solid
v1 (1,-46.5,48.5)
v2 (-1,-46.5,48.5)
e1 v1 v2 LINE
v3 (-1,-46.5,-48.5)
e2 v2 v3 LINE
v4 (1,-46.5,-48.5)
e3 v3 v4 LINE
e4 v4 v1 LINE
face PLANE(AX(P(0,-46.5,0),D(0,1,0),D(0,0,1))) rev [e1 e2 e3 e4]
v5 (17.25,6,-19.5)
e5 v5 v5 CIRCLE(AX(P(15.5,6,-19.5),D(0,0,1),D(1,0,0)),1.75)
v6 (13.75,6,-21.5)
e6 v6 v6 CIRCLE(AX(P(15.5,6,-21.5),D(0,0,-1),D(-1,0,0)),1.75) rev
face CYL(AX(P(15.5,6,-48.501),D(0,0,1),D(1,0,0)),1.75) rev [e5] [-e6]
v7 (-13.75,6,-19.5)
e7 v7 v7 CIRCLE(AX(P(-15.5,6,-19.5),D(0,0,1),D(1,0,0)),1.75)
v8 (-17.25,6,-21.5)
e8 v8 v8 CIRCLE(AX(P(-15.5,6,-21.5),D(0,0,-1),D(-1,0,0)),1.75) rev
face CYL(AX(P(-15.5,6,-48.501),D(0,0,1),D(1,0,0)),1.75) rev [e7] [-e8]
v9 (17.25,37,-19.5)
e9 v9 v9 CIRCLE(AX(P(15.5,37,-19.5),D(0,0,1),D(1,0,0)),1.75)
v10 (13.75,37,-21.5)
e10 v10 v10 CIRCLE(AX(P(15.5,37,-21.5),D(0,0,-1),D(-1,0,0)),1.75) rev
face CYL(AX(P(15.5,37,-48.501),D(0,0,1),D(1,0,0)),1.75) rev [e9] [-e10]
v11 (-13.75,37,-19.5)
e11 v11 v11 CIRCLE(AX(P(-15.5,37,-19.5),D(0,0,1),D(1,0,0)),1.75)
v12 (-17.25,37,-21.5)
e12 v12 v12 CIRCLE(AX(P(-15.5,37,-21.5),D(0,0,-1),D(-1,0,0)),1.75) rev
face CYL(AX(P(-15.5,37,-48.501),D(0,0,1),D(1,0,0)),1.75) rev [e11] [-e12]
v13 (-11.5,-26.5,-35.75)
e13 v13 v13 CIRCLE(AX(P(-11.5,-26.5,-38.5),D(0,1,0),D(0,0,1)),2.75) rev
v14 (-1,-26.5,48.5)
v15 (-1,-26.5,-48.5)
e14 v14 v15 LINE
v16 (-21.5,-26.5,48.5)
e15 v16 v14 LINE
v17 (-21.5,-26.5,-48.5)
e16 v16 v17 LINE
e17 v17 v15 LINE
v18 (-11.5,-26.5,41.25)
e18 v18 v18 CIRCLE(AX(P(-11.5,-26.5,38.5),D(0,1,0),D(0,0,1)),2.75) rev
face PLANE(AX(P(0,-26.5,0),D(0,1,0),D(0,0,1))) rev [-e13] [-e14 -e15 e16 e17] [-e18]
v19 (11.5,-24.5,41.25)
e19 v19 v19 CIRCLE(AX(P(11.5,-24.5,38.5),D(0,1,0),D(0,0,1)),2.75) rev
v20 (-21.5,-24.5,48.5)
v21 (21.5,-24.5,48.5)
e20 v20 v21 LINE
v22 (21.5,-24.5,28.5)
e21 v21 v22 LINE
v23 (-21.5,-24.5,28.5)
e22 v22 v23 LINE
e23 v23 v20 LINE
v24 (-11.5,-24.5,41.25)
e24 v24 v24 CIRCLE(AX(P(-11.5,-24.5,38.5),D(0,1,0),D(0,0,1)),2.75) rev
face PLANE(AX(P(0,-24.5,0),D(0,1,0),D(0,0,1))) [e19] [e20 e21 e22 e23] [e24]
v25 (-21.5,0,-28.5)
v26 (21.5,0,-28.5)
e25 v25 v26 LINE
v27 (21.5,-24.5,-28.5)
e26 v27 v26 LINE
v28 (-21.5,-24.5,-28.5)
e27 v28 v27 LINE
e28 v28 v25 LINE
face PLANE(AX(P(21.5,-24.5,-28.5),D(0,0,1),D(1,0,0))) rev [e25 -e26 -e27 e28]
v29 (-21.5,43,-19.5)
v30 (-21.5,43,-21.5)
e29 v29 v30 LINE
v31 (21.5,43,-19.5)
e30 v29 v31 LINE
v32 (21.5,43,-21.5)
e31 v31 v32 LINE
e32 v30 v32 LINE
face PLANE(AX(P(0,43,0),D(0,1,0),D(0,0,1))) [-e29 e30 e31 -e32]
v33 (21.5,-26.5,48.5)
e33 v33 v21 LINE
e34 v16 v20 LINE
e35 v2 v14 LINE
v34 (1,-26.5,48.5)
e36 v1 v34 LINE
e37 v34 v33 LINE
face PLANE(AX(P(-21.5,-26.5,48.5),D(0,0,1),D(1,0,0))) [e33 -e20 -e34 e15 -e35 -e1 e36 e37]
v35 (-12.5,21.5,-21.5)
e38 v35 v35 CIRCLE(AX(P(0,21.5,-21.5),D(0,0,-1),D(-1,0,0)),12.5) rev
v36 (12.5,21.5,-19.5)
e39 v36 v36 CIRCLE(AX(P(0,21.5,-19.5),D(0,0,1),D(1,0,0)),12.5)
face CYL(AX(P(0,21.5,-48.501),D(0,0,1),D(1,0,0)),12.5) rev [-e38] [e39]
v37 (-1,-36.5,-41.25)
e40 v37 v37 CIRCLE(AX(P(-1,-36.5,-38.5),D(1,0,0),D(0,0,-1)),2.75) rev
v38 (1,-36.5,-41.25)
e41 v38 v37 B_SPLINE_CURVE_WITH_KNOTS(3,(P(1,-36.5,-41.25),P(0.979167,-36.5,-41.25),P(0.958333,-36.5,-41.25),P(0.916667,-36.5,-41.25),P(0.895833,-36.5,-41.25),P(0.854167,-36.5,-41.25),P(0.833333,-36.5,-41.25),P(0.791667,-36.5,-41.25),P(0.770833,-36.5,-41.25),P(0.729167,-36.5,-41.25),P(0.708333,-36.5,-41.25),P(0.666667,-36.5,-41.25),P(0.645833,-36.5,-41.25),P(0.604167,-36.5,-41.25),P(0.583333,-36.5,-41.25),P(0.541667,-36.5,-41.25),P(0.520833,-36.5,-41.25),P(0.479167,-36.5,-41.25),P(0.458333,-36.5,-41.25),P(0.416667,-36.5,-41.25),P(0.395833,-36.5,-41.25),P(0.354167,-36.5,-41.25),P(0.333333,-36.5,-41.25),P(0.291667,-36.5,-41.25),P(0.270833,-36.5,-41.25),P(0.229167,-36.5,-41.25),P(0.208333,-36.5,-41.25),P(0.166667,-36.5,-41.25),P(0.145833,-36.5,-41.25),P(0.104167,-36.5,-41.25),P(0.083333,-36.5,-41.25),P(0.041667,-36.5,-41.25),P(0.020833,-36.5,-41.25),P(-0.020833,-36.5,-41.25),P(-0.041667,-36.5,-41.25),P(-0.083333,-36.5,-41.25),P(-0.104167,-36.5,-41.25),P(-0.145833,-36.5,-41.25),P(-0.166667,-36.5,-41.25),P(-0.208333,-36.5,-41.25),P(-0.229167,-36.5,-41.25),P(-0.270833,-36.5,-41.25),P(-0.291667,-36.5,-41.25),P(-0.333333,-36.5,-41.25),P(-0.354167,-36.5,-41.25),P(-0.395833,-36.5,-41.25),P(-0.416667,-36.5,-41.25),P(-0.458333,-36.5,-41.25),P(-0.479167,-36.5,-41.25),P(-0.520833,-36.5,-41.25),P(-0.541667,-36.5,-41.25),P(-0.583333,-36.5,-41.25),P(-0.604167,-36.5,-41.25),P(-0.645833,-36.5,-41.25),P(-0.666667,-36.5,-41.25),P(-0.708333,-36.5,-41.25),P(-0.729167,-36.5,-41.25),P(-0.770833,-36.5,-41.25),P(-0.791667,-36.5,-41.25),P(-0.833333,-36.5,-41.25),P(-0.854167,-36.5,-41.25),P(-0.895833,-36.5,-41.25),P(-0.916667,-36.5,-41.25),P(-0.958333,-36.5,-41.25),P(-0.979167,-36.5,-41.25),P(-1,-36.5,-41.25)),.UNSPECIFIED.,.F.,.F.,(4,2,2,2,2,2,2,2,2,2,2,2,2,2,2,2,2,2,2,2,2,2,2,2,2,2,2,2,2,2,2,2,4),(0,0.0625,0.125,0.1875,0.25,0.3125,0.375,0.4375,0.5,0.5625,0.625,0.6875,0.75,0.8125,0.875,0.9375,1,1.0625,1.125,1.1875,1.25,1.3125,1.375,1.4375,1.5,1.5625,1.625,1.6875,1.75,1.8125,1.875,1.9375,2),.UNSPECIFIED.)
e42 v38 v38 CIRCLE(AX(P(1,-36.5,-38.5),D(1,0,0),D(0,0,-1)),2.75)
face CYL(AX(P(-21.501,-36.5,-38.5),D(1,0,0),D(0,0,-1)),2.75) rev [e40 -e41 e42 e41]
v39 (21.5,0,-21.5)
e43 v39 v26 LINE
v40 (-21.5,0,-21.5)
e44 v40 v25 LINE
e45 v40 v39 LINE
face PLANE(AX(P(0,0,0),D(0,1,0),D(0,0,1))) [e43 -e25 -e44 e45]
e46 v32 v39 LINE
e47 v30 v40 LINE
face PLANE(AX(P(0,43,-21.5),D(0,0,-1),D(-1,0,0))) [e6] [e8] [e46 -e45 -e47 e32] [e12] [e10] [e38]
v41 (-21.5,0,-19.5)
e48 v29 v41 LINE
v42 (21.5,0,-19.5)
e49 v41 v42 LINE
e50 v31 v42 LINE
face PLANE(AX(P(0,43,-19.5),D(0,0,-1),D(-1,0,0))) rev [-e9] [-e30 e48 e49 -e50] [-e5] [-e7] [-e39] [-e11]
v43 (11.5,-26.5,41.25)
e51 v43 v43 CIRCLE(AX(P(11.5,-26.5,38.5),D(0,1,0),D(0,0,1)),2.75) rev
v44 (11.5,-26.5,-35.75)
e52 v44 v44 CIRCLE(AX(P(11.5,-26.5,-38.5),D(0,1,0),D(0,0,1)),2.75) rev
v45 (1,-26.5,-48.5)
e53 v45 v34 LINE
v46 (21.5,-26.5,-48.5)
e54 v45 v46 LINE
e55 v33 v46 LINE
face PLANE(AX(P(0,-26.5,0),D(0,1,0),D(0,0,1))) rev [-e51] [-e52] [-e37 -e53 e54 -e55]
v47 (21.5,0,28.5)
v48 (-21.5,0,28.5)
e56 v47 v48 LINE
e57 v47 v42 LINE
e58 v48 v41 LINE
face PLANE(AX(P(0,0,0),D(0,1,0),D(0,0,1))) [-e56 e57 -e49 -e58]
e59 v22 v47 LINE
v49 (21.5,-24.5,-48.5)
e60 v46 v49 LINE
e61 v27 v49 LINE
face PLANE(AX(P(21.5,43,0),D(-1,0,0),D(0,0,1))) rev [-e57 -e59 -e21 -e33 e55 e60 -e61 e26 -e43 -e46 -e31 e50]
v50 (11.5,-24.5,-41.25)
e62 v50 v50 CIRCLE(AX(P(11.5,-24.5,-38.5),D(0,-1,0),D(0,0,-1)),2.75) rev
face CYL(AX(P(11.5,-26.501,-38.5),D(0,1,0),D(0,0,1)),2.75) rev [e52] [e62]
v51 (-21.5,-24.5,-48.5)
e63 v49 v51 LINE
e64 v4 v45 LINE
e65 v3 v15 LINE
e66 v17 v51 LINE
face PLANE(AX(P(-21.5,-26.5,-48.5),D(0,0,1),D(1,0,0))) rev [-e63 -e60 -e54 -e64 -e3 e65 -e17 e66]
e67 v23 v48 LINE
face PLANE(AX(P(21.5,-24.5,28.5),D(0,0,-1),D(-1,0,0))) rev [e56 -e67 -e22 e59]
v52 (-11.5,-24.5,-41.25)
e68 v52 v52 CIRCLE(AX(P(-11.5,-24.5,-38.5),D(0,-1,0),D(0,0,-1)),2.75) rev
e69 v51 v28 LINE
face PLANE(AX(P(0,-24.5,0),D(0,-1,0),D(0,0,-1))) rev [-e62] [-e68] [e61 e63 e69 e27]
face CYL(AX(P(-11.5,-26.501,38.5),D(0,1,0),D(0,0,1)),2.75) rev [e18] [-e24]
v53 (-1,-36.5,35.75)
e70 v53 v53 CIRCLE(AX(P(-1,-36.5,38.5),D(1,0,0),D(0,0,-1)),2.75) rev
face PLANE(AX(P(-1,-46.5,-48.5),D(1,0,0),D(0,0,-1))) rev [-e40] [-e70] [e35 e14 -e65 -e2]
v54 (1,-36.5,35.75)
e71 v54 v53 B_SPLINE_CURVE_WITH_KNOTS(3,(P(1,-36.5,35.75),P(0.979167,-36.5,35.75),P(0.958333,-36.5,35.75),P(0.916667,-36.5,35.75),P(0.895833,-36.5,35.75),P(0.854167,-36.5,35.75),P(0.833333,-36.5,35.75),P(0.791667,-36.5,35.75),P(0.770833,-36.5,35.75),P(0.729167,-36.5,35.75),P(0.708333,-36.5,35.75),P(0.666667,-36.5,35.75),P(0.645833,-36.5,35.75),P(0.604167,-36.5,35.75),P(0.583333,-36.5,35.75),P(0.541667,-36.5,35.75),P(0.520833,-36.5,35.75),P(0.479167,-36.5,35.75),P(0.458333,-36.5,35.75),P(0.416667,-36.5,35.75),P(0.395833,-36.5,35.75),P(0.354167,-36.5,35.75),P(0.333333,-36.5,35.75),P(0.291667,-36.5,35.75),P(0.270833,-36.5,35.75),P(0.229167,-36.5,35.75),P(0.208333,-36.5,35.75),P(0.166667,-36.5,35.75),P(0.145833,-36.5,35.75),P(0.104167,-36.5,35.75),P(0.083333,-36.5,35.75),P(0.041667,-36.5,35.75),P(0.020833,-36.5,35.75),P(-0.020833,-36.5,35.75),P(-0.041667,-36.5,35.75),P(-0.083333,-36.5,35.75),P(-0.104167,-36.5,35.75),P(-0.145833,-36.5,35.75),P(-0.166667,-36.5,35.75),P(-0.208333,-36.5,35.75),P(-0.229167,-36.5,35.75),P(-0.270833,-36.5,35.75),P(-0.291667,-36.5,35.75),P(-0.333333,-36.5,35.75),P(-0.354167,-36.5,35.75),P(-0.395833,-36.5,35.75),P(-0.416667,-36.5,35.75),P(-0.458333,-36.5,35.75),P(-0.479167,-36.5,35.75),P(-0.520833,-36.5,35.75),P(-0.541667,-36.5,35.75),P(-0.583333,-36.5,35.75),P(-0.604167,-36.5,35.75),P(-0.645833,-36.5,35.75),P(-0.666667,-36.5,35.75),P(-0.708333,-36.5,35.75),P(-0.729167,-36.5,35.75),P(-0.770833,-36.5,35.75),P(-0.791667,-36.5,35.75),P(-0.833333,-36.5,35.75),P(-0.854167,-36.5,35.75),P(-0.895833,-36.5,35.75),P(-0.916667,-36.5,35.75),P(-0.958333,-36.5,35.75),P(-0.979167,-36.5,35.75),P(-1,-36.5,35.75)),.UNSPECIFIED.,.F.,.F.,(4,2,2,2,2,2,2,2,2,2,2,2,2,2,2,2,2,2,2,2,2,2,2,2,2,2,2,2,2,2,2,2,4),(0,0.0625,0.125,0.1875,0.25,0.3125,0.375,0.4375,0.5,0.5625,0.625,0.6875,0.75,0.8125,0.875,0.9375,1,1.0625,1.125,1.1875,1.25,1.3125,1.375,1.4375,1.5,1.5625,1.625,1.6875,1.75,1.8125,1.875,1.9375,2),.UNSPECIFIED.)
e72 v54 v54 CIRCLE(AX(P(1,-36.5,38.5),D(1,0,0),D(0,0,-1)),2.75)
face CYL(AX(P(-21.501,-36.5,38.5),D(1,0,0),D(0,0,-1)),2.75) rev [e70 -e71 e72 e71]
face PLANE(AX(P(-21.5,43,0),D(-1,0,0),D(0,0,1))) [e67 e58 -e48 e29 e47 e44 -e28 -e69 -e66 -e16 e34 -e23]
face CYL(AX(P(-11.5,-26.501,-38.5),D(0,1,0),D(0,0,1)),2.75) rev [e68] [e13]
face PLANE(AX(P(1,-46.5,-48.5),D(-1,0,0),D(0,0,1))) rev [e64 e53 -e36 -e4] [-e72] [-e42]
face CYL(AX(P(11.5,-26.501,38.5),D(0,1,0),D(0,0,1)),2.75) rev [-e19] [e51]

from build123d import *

# Parameters (mm, degrees)
SKETCH1_W           = 43
SKETCH1_H           = 2
BOSS_EXTRUDE1_DEPTH = 43
SKETCH1_3_W         = 43
SKETCH1_3_H         = 97
BOSS_EXTRUDE2_DEPTH = 26.5
CUT_EXTRUDE1_REACH  = 85.278
SKETCH2_R           = 12.5
SKETCH2_R_2         = 1.75
CUT_EXTRUDE2_REACH  = 70.29
SKETCH1_4_R         = 2.75
SKETCH3_W           = 43
SKETCH3_H           = 20
CUT_EXTRUDE3_DEPTH  = 24.5
SKETCH4_W           = 2
SKETCH4_H           = 97
BOSS_EXTRUDE3_DEPTH = 20
CUT_EXTRUDE4_REACH  = 72.857
SKETCH5_R           = 2.75


with BuildPart() as part:
    # Sketch1 → Boss-Extrude1 (new body)
    with BuildSketch(Plane(origin=(0, 0, 0), x_dir=(1, 0, 0), z_dir=(0, 1, 0))):
        with Locations((0, 20.5)):
            Rectangle(SKETCH1_W, SKETCH1_H)
    extrude(amount=BOSS_EXTRUDE1_DEPTH)

    # Sketch1_3 → Boss-Extrude2 (add)
    with BuildSketch(Plane(origin=(0, 0, 0), x_dir=(1, 0, 0), z_dir=(0, 1, 0))):
        Rectangle(SKETCH1_3_W, SKETCH1_3_H)
    extrude(amount=-BOSS_EXTRUDE2_DEPTH)

    # Sketch2 → Cut-Extrude1 (cut, up to next)
    with BuildSketch(Plane.XY.offset(-19.5), mode=Mode.PRIVATE) as cut_extrude1_sk1:
        with Locations((0, 21.5)):
            Circle(SKETCH2_R)
    cut_extrude1_tool1 = extrude(cut_extrude1_sk1.sketch, amount=-CUT_EXTRUDE1_REACH, mode=Mode.PRIVATE) & part.part
    # Sketch2 → Cut-Extrude1 (cut, up to next)
    with BuildSketch(Plane.XY.offset(-19.5), mode=Mode.PRIVATE) as cut_extrude1_sk2:
        with Locations((-15.5, 37)):
            Circle(SKETCH2_R_2)
    cut_extrude1_tool2 = extrude(cut_extrude1_sk2.sketch, amount=-CUT_EXTRUDE1_REACH, mode=Mode.PRIVATE) & part.part
    # Sketch2 → Cut-Extrude1 (cut, up to next)
    with BuildSketch(Plane.XY.offset(-19.5), mode=Mode.PRIVATE) as cut_extrude1_sk3:
        with Locations((15.5, 37)):
            Circle(SKETCH2_R_2)
    cut_extrude1_tool3 = extrude(cut_extrude1_sk3.sketch, amount=-CUT_EXTRUDE1_REACH, mode=Mode.PRIVATE) & part.part
    # Sketch2 → Cut-Extrude1 (cut, up to next)
    with BuildSketch(Plane.XY.offset(-19.5), mode=Mode.PRIVATE) as cut_extrude1_sk4:
        with Locations((15.5, 6)):
            Circle(SKETCH2_R_2)
    cut_extrude1_tool4 = extrude(cut_extrude1_sk4.sketch, amount=-CUT_EXTRUDE1_REACH, mode=Mode.PRIVATE) & part.part
    # Sketch2 → Cut-Extrude1 (cut, up to next)
    with BuildSketch(Plane.XY.offset(-19.5), mode=Mode.PRIVATE) as cut_extrude1_sk5:
        with Locations((-15.5, 6)):
            Circle(SKETCH2_R_2)
    cut_extrude1_tool5 = extrude(cut_extrude1_sk5.sketch, amount=-CUT_EXTRUDE1_REACH, mode=Mode.PRIVATE) & part.part
    add(cut_extrude1_tool1.solids().sort_by_distance((0, 21.5, -19.5))[0], mode=Mode.SUBTRACT)
    add(cut_extrude1_tool2.solids().sort_by_distance((-15.5, 37, -19.5))[0], mode=Mode.SUBTRACT)
    add(cut_extrude1_tool3.solids().sort_by_distance((15.5, 37, -19.5))[0], mode=Mode.SUBTRACT)
    add(cut_extrude1_tool4.solids().sort_by_distance((15.5, 6, -19.5))[0], mode=Mode.SUBTRACT)
    add(cut_extrude1_tool5.solids().sort_by_distance((-15.5, 6, -19.5))[0], mode=Mode.SUBTRACT)

    # Sketch1_4 → Cut-Extrude2 (cut, up to next)
    with BuildSketch(Plane(origin=(0, 0, 0), x_dir=(1, 0, 0), z_dir=(0, 1, 0)), mode=Mode.PRIVATE) as cut_extrude2_sk1:
        with Locations(Location((-11.5, -38.5, 0), (0, 0, 270))):
            Circle(SKETCH1_4_R)
    cut_extrude2_tool1 = extrude(cut_extrude2_sk1.sketch, amount=-CUT_EXTRUDE2_REACH, mode=Mode.PRIVATE) & part.part
    # Sketch1_4 → Cut-Extrude2 (cut, up to next)
    with BuildSketch(Plane(origin=(0, 0, 0), x_dir=(1, 0, 0), z_dir=(0, 1, 0)), mode=Mode.PRIVATE) as cut_extrude2_sk2:
        with Locations(Location((11.5, -38.5, 0), (0, 0, 270))):
            Circle(SKETCH1_4_R)
    cut_extrude2_tool2 = extrude(cut_extrude2_sk2.sketch, amount=-CUT_EXTRUDE2_REACH, mode=Mode.PRIVATE) & part.part
    # Sketch1_4 → Cut-Extrude2 (cut, up to next)
    with BuildSketch(Plane(origin=(0, 0, 0), x_dir=(1, 0, 0), z_dir=(0, 1, 0)), mode=Mode.PRIVATE) as cut_extrude2_sk3:
        with BuildLine():
            ThreePointArc((-8.75, 38.5), (-12.589033706, 41.025174368), (-13.387458609, 36.5))
            Line((-13.387458609, 36.5), (-9.612541391, 36.5))
            ThreePointArc((-9.612541391, 36.5), (-8.974825632, 37.410966294), (-8.75, 38.5))
        make_face()
    cut_extrude2_tool3 = extrude(cut_extrude2_sk3.sketch, amount=-CUT_EXTRUDE2_REACH, mode=Mode.PRIVATE) & part.part
    # Sketch1_4 → Cut-Extrude2 (cut, up to next)
    with BuildSketch(Plane(origin=(0, 0, 0), x_dir=(1, 0, 0), z_dir=(0, 1, 0)), mode=Mode.PRIVATE) as cut_extrude2_sk4:
        with BuildLine():
            Line((-9.612541391, 36.5), (-13.387458609, 36.5))
            ThreePointArc((-13.387458609, 36.5), (-11.5, 35.75), (-9.612541391, 36.5))
        make_face()
    cut_extrude2_tool4 = extrude(cut_extrude2_sk4.sketch, amount=-CUT_EXTRUDE2_REACH, mode=Mode.PRIVATE) & part.part
    # Sketch1_4 → Cut-Extrude2 (cut, up to next)
    with BuildSketch(Plane(origin=(0, 0, 0), x_dir=(1, 0, 0), z_dir=(0, 1, 0)), mode=Mode.PRIVATE) as cut_extrude2_sk5:
        with BuildLine():
            ThreePointArc((9.612541391, 36.5), (11.5, 35.75), (13.387458609, 36.5))
            Line((13.387458609, 36.5), (9.612541391, 36.5))
        make_face()
    cut_extrude2_tool5 = extrude(cut_extrude2_sk5.sketch, amount=-CUT_EXTRUDE2_REACH, mode=Mode.PRIVATE) & part.part
    # Sketch1_4 → Cut-Extrude2 (cut, up to next)
    with BuildSketch(Plane(origin=(0, 0, 0), x_dir=(1, 0, 0), z_dir=(0, 1, 0)), mode=Mode.PRIVATE) as cut_extrude2_sk6:
        with BuildLine():
            Line((9.612541391, 36.5), (13.387458609, 36.5))
            ThreePointArc((13.387458609, 36.5), (14.025174368, 37.410966294), (14.25, 38.5))
            ThreePointArc((14.25, 38.5), (10.410966294, 41.025174368), (9.612541391, 36.5))
        make_face()
    cut_extrude2_tool6 = extrude(cut_extrude2_sk6.sketch, amount=-CUT_EXTRUDE2_REACH, mode=Mode.PRIVATE) & part.part
    # Sketch1_4 → Cut-Extrude2 (cut, up to next)
    with BuildSketch(Plane(origin=(0, 0, 0), x_dir=(1, 0, 0), z_dir=(0, 1, 0)), mode=Mode.PRIVATE) as cut_extrude2_sk7:
        with BuildLine():
            ThreePointArc((9.612541391, 36.5), (11.5, 35.75), (13.387458609, 36.5))
            Line((13.387458609, 36.5), (9.612541391, 36.5))
        make_face()
    cut_extrude2_tool7 = extrude(cut_extrude2_sk7.sketch, amount=-CUT_EXTRUDE2_REACH, mode=Mode.PRIVATE) & part.part
    # Sketch1_4 → Cut-Extrude2 (cut, up to next)
    with BuildSketch(Plane(origin=(0, 0, 0), x_dir=(1, 0, 0), z_dir=(0, 1, 0)), mode=Mode.PRIVATE) as cut_extrude2_sk8:
        with BuildLine():
            Line((9.612541391, 36.5), (13.387458609, 36.5))
            ThreePointArc((13.387458609, 36.5), (14.025174368, 37.410966294), (14.25, 38.5))
            ThreePointArc((14.25, 38.5), (10.410966294, 41.025174368), (9.612541391, 36.5))
        make_face()
    cut_extrude2_tool8 = extrude(cut_extrude2_sk8.sketch, amount=-CUT_EXTRUDE2_REACH, mode=Mode.PRIVATE) & part.part
    # Sketch1_4 → Cut-Extrude2 (cut, up to next)
    with BuildSketch(Plane(origin=(0, 0, 0), x_dir=(1, 0, 0), z_dir=(0, 1, 0)), mode=Mode.PRIVATE) as cut_extrude2_sk9:
        with BuildLine():
            ThreePointArc((-8.75, 38.5), (-12.589033706, 41.025174368), (-13.387458609, 36.5))
            Line((-13.387458609, 36.5), (-9.612541391, 36.5))
            ThreePointArc((-9.612541391, 36.5), (-8.974825632, 37.410966294), (-8.75, 38.5))
        make_face()
    cut_extrude2_tool9 = extrude(cut_extrude2_sk9.sketch, amount=-CUT_EXTRUDE2_REACH, mode=Mode.PRIVATE) & part.part
    # Sketch1_4 → Cut-Extrude2 (cut, up to next)
    with BuildSketch(Plane(origin=(0, 0, 0), x_dir=(1, 0, 0), z_dir=(0, 1, 0)), mode=Mode.PRIVATE) as cut_extrude2_sk10:
        with BuildLine():
            Line((-9.612541391, 36.5), (-13.387458609, 36.5))
            ThreePointArc((-13.387458609, 36.5), (-11.5, 35.75), (-9.612541391, 36.5))
        make_face()
    cut_extrude2_tool10 = extrude(cut_extrude2_sk10.sketch, amount=-CUT_EXTRUDE2_REACH, mode=Mode.PRIVATE) & part.part
    add(cut_extrude2_tool1.solids().sort_by_distance((-11.5, 0, 38.5))[0], mode=Mode.SUBTRACT)
    add(cut_extrude2_tool2.solids().sort_by_distance((11.5, 0, 38.5))[0], mode=Mode.SUBTRACT)
    add(cut_extrude2_tool3.solids().sort_by_distance((-11.5, 0, -38.705511))[0], mode=Mode.SUBTRACT)
    add(cut_extrude2_tool4.solids().sort_by_distance((-11.5, 0, -36.196191))[0], mode=Mode.SUBTRACT)
    add(cut_extrude2_tool5.solids().sort_by_distance((11.5, 0, -36.196191))[0], mode=Mode.SUBTRACT)
    add(cut_extrude2_tool6.solids().sort_by_distance((11.5, 0, -38.705511))[0], mode=Mode.SUBTRACT)
    add(cut_extrude2_tool7.solids().sort_by_distance((11.5, 0, -36.196191))[0], mode=Mode.SUBTRACT)
    add(cut_extrude2_tool8.solids().sort_by_distance((11.5, 0, -38.705511))[0], mode=Mode.SUBTRACT)
    add(cut_extrude2_tool9.solids().sort_by_distance((-11.5, 0, -38.705511))[0], mode=Mode.SUBTRACT)
    add(cut_extrude2_tool10.solids().sort_by_distance((-11.5, 0, -36.196191))[0], mode=Mode.SUBTRACT)

    # Sketch3 → Cut-Extrude3 (cut)
    with BuildSketch(Plane(origin=(0, 0, 0), x_dir=(1, 0, 0), z_dir=(0, 1, 0))):
        with Locations((0, -38.5)):
            Rectangle(SKETCH3_W, SKETCH3_H)
        with Locations((0, 38.5)):
            Rectangle(SKETCH3_W, SKETCH3_H)
    extrude(amount=-CUT_EXTRUDE3_DEPTH, mode=Mode.SUBTRACT)

    # Sketch4 → Boss-Extrude3 (add)
    with BuildSketch(Plane.XZ.offset(26.5)):
        Rectangle(SKETCH4_W, SKETCH4_H)
    extrude(amount=BOSS_EXTRUDE3_DEPTH)

    # Sketch5 → Cut-Extrude4 (cut, up to next)
    with BuildSketch(Plane(origin=(1, 0, 0), x_dir=(0, 0, -1), z_dir=(1, 0, 0)), mode=Mode.PRIVATE) as cut_extrude4_sk1:
        with Locations((38.5, -36.5)):
            Circle(SKETCH5_R)
    cut_extrude4_tool1 = extrude(cut_extrude4_sk1.sketch, amount=-CUT_EXTRUDE4_REACH, mode=Mode.PRIVATE) & part.part
    # Sketch5 → Cut-Extrude4 (cut, up to next)
    with BuildSketch(Plane(origin=(1, 0, 0), x_dir=(0, 0, -1), z_dir=(1, 0, 0)), mode=Mode.PRIVATE) as cut_extrude4_sk2:
        with Locations((-38.5, -36.5)):
            Circle(SKETCH5_R)
    cut_extrude4_tool2 = extrude(cut_extrude4_sk2.sketch, amount=-CUT_EXTRUDE4_REACH, mode=Mode.PRIVATE) & part.part
    add(cut_extrude4_tool1.solids().sort_by_distance((1, -36.5, -38.5))[0], mode=Mode.SUBTRACT)
    add(cut_extrude4_tool2.solids().sort_by_distance((1, -36.5, 38.5))[0], mode=Mode.SUBTRACT)


solid = part.part
